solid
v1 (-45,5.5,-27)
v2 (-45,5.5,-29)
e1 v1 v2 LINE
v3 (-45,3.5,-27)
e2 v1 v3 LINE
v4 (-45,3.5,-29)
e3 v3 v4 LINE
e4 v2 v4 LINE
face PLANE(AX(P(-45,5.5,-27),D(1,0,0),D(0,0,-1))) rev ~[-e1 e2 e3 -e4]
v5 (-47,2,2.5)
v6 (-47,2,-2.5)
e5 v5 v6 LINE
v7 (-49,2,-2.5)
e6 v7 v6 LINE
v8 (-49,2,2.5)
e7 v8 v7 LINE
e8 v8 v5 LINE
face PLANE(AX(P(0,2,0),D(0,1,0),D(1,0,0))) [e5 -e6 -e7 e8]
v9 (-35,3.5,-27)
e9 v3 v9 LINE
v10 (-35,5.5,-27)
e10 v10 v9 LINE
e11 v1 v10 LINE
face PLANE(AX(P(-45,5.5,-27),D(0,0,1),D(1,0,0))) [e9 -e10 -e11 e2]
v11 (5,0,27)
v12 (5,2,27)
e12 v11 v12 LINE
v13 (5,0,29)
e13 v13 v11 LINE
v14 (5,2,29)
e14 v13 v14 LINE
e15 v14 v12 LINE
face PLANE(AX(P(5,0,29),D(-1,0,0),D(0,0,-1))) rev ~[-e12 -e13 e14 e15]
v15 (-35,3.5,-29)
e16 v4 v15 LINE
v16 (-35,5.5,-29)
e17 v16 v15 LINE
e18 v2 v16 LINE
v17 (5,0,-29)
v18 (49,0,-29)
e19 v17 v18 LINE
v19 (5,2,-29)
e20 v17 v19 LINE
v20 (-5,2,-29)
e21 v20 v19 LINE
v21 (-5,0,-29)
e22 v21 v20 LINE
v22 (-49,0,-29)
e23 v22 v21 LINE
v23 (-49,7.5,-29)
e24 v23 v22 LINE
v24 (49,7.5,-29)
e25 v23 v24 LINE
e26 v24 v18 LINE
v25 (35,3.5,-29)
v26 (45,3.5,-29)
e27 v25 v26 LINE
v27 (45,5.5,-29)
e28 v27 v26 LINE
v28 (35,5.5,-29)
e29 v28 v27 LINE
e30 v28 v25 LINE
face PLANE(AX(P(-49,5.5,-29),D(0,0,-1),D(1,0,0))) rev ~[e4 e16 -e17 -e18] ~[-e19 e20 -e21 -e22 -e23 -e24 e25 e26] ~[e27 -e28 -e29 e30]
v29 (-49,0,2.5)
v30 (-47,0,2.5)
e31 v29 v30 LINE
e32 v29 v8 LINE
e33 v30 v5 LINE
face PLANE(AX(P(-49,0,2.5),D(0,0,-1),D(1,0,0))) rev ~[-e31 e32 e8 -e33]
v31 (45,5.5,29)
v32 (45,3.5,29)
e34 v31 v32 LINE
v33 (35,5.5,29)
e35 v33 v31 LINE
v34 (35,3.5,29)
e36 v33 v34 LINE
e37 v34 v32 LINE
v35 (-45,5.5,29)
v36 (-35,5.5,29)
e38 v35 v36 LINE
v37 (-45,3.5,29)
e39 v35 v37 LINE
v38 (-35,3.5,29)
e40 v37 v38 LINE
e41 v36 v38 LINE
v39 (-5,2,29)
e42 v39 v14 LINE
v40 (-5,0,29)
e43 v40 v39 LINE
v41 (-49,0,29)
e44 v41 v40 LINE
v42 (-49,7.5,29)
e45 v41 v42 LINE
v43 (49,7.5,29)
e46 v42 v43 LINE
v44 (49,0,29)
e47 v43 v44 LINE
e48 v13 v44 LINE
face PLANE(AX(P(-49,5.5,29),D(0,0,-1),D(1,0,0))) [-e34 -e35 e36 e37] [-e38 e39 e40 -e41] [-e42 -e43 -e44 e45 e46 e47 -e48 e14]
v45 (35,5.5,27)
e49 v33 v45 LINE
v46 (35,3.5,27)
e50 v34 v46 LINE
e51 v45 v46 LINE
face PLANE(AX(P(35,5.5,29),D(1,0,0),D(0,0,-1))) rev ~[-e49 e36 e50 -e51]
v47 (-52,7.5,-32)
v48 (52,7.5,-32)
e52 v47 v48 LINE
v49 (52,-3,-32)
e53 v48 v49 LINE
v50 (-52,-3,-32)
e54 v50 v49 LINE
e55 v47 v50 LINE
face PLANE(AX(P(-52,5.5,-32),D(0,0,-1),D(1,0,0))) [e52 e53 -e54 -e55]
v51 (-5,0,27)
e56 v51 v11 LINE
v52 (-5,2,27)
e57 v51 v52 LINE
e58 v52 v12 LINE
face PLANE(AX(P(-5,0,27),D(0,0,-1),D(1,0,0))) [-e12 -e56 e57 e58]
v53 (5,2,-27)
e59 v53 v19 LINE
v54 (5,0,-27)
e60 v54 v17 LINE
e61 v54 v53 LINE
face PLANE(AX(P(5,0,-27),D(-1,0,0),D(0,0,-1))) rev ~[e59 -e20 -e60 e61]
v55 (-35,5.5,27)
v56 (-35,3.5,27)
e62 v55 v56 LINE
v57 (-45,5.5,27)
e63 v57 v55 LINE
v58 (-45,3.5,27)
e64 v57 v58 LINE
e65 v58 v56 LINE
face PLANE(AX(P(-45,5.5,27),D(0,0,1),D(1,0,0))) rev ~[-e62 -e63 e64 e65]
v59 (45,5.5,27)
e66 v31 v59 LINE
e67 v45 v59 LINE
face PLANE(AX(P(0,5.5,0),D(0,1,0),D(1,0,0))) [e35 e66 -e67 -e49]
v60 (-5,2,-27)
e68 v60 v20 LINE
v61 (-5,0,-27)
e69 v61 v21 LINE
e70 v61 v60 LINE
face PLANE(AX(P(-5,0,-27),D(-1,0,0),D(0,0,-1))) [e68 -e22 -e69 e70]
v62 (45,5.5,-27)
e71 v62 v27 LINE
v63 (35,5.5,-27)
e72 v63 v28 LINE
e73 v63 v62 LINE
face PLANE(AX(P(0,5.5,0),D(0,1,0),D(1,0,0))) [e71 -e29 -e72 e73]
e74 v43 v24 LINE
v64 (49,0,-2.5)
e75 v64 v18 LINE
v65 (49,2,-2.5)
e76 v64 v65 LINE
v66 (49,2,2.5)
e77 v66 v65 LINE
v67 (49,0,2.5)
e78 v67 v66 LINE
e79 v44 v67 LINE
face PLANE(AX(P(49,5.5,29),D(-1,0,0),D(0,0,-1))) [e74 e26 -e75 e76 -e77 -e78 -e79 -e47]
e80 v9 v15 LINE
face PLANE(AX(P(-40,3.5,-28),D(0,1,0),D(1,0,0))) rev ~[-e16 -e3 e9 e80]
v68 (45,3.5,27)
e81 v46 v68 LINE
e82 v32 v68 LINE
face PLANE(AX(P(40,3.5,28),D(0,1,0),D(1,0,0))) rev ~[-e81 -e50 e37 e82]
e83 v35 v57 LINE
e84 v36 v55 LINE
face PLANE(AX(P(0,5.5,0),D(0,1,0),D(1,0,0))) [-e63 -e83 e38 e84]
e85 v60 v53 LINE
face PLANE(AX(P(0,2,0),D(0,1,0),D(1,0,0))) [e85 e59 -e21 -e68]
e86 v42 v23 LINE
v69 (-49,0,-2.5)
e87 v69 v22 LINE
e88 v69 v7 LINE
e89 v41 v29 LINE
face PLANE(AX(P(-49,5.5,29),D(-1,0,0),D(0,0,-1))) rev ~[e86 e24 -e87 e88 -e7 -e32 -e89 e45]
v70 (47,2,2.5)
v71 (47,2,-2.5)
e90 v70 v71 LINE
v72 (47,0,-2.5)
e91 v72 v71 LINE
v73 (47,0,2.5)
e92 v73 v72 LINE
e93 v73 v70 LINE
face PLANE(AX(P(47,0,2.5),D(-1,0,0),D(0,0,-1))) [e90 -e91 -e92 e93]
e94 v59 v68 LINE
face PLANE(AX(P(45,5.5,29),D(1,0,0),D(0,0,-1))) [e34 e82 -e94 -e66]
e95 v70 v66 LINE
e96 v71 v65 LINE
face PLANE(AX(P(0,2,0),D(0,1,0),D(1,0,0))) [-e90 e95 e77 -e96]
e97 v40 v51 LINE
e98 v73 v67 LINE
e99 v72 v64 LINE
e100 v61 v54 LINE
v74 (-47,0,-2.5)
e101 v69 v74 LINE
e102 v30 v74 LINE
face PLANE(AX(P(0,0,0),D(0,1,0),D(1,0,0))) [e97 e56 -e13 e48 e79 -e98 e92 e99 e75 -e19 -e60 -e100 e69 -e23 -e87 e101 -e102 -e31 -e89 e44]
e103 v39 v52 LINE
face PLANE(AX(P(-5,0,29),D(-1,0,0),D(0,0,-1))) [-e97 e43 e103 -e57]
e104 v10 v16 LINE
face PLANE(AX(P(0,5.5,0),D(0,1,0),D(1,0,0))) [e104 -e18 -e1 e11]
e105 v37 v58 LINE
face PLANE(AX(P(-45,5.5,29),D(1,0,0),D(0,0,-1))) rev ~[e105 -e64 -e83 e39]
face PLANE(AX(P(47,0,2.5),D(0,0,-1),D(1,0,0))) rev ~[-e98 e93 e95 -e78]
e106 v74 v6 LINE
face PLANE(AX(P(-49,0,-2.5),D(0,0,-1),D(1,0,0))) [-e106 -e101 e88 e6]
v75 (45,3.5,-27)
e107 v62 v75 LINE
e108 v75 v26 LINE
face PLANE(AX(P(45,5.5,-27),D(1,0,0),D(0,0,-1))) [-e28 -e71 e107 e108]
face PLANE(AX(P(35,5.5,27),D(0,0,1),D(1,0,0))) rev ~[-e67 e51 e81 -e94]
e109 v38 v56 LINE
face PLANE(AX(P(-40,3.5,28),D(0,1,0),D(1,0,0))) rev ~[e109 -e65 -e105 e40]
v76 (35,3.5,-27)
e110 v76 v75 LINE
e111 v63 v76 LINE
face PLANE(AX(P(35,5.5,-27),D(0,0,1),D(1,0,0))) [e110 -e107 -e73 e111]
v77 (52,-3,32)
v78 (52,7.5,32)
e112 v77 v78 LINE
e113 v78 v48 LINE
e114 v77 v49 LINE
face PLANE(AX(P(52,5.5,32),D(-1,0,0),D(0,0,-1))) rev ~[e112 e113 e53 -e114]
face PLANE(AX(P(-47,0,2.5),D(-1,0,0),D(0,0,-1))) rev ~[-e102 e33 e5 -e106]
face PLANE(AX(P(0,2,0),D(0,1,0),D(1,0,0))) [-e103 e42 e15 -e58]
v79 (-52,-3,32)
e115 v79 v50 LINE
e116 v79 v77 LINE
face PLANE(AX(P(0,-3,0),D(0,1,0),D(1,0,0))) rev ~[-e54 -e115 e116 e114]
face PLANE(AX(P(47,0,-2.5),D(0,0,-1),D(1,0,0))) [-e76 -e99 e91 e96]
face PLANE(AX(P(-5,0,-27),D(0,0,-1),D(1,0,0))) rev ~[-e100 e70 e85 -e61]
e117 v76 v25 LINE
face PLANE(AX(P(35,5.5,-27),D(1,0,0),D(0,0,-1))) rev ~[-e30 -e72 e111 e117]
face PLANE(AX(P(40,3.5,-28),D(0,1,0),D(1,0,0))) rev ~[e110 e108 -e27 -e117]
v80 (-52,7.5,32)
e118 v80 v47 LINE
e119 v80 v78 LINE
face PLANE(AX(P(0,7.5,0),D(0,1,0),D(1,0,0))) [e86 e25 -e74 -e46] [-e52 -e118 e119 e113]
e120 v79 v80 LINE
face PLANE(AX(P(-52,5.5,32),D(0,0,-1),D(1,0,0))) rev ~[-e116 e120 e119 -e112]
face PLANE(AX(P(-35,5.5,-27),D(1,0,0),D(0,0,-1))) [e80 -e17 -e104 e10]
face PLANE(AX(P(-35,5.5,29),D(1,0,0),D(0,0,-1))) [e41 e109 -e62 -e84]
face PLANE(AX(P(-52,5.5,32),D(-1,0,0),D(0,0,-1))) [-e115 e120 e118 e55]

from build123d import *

# Parameters (mm, degrees)
SKETCH_1_W      = 104
SKETCH_1_H      = 64
SKETCH_1_W_2    = 98
SKETCH_1_H_2    = 58
EXTRUDE_1_DEPTH = 2
SKETCH_1_3_W    = 104
SKETCH_1_3_H    = 64
EXTRUDE_2_DEPTH = 3
SKETCH_2_W      = 2
SKETCH_2_H      = 5
SKETCH_2_W_2    = 10
SKETCH_2_H_2    = 2
EXTRUDE_3_DEPTH = 2
EXTRUDE_START   = 2
SKETCH_1_4_W    = 104
SKETCH_1_4_H    = 64
SKETCH_1_4_W_2  = 98
SKETCH_1_4_H_2  = 58
EXTRUDE_4_DEPTH = 3.5
SKETCH_3_W      = 10
SKETCH_3_H      = 2
EXTRUDE_5_DEPTH = 2
EXTRUDE_START_2 = 5.5
SKETCH_1_5_W    = 104
SKETCH_1_5_H    = 64
SKETCH_1_5_W_2  = 98
SKETCH_1_5_H_2  = 58
EXTRUDE_6_DEPTH = 2


with BuildPart() as part:
    # 草图1 → 凸台-拉伸1 (new body)
    with BuildSketch(Plane(origin=(0, 0, 0), x_dir=(1, 0, 0), z_dir=(0, 1, 0))):
        Rectangle(SKETCH_1_W, SKETCH_1_H)
        Rectangle(SKETCH_1_W_2, SKETCH_1_H_2, mode=Mode.SUBTRACT)
    extrude(amount=EXTRUDE_1_DEPTH)

    # 草图1<3> → 凸台-拉伸2 (add)
    with BuildSketch(Plane(origin=(0, 0, 0), x_dir=(1, 0, 0), z_dir=(0, 1, 0))):
        Rectangle(SKETCH_1_3_W, SKETCH_1_3_H)
    extrude(amount=-EXTRUDE_2_DEPTH)

    # 草图2 → 凸台-拉伸3 (add)
    with BuildSketch(Plane(origin=(0, 0, 0), x_dir=(1, 0, 0), z_dir=(0, 1, 0))):
        with Locations((-48, 0)):
            Rectangle(SKETCH_2_W, SKETCH_2_H)
        with Locations((48, 0)):
            Rectangle(SKETCH_2_W, SKETCH_2_H)
        with Locations((0, 28)):
            Rectangle(SKETCH_2_W_2, SKETCH_2_H_2)
        with Locations((0, -28)):
            Rectangle(SKETCH_2_W_2, SKETCH_2_H_2)
    extrude(amount=EXTRUDE_3_DEPTH)

    # 草图1<4> → 凸台-拉伸4 (add)
    with BuildSketch(Plane(origin=(0, 0, 0), x_dir=(1, 0, 0), z_dir=(0, 1, 0)).offset(EXTRUDE_START)):
        Rectangle(SKETCH_1_4_W, SKETCH_1_4_H)
        Rectangle(SKETCH_1_4_W_2, SKETCH_1_4_H_2, mode=Mode.SUBTRACT)
    extrude(amount=EXTRUDE_4_DEPTH)

    # 草图3 → 凸台-拉伸5 (add)
    with BuildSketch(Plane(origin=(0, 5.5, 0), x_dir=(1, 0, 0), z_dir=(0, 1, 0))):
        with Locations((40, -28)):
            Rectangle(SKETCH_3_W, SKETCH_3_H)
        with Locations((-40, -28)):
            Rectangle(SKETCH_3_W, SKETCH_3_H)
        with Locations((40, 28)):
            Rectangle(SKETCH_3_W, SKETCH_3_H)
        with Locations((-40, 28)):
            Rectangle(SKETCH_3_W, SKETCH_3_H)
    extrude(amount=-EXTRUDE_5_DEPTH)

    # 草图1<5> → 凸台-拉伸6 (add)
    with BuildSketch(Plane(origin=(0, 0, 0), x_dir=(1, 0, 0), z_dir=(0, 1, 0)).offset(EXTRUDE_START_2)):
        Rectangle(SKETCH_1_5_W, SKETCH_1_5_H)
        Rectangle(SKETCH_1_5_W_2, SKETCH_1_5_H_2, mode=Mode.SUBTRACT)
    extrude(amount=EXTRUDE_6_DEPTH)


solid = part.part
